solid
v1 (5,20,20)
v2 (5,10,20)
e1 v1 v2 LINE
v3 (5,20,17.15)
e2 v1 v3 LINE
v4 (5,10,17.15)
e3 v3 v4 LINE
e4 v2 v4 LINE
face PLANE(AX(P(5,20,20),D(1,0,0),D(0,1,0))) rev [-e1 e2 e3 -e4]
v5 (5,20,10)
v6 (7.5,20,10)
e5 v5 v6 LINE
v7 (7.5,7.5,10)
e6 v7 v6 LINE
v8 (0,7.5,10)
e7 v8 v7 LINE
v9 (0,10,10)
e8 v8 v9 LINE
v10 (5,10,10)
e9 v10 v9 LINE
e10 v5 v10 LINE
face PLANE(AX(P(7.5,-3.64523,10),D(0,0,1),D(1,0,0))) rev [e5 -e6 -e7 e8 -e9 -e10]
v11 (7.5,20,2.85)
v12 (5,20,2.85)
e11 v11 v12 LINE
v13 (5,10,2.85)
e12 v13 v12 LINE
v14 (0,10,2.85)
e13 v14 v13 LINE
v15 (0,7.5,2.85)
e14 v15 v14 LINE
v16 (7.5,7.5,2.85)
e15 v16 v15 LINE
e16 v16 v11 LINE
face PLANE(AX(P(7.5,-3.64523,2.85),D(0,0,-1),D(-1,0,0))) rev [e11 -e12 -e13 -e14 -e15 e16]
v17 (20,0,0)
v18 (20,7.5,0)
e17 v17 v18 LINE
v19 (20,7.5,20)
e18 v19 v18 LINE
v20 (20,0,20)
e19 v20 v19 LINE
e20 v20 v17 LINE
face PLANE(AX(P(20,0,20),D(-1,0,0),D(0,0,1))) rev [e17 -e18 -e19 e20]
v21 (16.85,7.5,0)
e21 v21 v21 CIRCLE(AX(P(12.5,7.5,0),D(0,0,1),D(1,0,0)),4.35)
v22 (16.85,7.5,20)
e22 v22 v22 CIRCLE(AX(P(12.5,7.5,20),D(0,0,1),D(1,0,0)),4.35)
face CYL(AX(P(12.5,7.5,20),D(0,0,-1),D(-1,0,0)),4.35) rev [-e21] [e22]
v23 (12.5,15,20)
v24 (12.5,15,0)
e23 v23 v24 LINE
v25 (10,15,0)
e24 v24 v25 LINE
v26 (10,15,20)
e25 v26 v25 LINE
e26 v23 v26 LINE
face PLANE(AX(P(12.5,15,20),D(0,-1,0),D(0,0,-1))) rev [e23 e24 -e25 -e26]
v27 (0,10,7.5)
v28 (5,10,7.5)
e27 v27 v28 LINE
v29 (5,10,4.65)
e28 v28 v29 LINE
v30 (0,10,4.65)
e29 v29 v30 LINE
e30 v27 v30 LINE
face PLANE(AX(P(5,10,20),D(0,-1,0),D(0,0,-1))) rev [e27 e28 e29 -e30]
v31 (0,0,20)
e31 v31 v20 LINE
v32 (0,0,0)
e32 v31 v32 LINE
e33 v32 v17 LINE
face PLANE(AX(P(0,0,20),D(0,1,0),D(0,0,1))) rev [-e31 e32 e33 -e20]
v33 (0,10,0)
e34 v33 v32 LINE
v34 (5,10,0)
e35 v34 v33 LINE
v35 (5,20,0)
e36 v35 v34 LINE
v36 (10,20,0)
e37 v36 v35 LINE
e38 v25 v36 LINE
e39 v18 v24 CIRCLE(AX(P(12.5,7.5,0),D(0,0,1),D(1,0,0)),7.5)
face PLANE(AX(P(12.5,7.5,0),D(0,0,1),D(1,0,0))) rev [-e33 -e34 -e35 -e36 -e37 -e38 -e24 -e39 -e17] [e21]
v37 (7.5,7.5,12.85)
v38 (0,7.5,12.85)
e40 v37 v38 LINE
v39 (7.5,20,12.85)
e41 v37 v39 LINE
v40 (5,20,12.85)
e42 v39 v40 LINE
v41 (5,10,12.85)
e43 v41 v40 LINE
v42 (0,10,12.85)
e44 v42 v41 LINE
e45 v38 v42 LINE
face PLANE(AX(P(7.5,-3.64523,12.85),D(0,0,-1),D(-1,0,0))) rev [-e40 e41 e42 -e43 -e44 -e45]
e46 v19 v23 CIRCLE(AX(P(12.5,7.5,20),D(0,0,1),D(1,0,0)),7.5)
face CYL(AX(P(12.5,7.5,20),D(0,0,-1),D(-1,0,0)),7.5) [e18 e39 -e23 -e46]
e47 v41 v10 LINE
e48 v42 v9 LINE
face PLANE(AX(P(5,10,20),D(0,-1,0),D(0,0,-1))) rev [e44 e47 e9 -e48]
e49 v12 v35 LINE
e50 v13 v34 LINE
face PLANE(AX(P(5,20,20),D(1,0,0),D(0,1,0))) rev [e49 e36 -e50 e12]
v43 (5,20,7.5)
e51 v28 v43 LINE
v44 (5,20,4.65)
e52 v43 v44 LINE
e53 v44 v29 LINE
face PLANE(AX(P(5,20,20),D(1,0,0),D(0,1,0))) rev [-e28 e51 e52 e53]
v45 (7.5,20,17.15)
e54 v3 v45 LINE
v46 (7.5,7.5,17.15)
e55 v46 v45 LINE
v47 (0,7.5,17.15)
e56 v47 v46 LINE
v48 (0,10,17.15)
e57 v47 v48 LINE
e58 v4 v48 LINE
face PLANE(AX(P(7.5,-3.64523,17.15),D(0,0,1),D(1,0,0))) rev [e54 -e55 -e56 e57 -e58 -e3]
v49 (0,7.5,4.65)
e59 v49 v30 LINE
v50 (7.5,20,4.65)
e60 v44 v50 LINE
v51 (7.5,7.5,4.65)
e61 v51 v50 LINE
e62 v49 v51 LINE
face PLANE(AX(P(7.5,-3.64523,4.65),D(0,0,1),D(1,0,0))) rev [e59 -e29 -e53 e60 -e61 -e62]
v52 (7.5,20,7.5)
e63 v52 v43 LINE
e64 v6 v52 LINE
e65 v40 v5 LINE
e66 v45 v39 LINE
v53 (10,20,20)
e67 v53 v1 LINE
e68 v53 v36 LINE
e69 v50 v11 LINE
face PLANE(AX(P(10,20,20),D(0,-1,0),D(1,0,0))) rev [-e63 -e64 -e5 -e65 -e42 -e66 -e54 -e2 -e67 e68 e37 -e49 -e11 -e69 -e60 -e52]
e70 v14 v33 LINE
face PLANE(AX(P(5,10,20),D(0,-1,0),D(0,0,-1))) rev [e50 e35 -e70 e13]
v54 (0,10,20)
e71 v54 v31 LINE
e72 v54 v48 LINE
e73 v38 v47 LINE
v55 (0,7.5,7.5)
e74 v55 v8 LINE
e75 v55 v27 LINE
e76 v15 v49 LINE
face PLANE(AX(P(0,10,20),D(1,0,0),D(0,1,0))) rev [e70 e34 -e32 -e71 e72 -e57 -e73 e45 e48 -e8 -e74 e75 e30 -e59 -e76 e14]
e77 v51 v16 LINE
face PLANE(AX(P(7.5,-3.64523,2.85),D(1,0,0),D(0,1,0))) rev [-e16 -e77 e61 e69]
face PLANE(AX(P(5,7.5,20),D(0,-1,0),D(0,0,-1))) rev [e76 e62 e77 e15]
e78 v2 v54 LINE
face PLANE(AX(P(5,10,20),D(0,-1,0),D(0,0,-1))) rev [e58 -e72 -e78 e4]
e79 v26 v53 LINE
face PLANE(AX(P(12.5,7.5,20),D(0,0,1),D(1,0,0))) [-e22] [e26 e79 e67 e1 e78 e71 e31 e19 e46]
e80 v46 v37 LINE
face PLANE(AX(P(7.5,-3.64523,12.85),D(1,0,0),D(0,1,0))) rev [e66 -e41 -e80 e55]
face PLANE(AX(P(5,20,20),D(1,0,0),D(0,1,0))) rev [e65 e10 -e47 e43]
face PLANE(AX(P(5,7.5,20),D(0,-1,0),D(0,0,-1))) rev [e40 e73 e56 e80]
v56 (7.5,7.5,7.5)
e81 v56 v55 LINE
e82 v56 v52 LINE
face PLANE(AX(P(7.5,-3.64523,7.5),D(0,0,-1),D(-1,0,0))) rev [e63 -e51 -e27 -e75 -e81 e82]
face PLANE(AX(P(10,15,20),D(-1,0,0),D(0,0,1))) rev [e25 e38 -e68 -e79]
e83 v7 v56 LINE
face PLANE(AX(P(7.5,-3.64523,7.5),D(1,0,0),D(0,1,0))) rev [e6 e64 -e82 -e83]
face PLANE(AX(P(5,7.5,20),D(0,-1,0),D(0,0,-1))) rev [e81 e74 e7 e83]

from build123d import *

# Parameters (mm, degrees)
SKETCH1_R           = 4.35
BOSS_EXTRUDE1_DEPTH = 20
SKETCH2_W           = 7.5
SKETCH2_H           = 1.8
SKETCH2_H_2         = 2.5
SKETCH2_H_3         = 4.3
CUT_EXTRUDE1_DEPTH  = 12.5


with BuildPart() as part:
    # Sketch1 → Boss-Extrude1 (new body)
    with BuildSketch(Plane.XY):
        with BuildLine():
            Line((0, 0), (20, 0))
            Line((20, 0), (20, 7.5))
            ThreePointArc((20, 7.5), (17.803300859, 12.803300859), (12.5, 15))
            Line((12.5, 15), (10, 15))
            Line((10, 15), (10, 20))
            Line((10, 20), (5, 20))
            Line((5, 20), (5, 10))
            Line((5, 10), (0, 10))
            Line((0, 10), (0, 0))
        make_face()
        with Locations((12.5, 7.5)):
            Circle(SKETCH1_R, mode=Mode.SUBTRACT)
    extrude(amount=BOSS_EXTRUDE1_DEPTH)

    # Sketch2 → Cut-Extrude1 (cut)
    with BuildSketch(Plane(origin=(0, 20, 0), x_dir=(1, 0, 0), z_dir=(0, 1, 0))):
        with Locations((3.75, -3.75)):
            Rectangle(SKETCH2_W, SKETCH2_H)
        with Locations((3.75, -8.75)):
            Rectangle(SKETCH2_W, SKETCH2_H_2)
        with Locations((3.75, -15)):
            Rectangle(SKETCH2_W, SKETCH2_H_3)
    extrude(amount=-CUT_EXTRUDE1_DEPTH, mode=Mode.SUBTRACT)


solid = part.part
